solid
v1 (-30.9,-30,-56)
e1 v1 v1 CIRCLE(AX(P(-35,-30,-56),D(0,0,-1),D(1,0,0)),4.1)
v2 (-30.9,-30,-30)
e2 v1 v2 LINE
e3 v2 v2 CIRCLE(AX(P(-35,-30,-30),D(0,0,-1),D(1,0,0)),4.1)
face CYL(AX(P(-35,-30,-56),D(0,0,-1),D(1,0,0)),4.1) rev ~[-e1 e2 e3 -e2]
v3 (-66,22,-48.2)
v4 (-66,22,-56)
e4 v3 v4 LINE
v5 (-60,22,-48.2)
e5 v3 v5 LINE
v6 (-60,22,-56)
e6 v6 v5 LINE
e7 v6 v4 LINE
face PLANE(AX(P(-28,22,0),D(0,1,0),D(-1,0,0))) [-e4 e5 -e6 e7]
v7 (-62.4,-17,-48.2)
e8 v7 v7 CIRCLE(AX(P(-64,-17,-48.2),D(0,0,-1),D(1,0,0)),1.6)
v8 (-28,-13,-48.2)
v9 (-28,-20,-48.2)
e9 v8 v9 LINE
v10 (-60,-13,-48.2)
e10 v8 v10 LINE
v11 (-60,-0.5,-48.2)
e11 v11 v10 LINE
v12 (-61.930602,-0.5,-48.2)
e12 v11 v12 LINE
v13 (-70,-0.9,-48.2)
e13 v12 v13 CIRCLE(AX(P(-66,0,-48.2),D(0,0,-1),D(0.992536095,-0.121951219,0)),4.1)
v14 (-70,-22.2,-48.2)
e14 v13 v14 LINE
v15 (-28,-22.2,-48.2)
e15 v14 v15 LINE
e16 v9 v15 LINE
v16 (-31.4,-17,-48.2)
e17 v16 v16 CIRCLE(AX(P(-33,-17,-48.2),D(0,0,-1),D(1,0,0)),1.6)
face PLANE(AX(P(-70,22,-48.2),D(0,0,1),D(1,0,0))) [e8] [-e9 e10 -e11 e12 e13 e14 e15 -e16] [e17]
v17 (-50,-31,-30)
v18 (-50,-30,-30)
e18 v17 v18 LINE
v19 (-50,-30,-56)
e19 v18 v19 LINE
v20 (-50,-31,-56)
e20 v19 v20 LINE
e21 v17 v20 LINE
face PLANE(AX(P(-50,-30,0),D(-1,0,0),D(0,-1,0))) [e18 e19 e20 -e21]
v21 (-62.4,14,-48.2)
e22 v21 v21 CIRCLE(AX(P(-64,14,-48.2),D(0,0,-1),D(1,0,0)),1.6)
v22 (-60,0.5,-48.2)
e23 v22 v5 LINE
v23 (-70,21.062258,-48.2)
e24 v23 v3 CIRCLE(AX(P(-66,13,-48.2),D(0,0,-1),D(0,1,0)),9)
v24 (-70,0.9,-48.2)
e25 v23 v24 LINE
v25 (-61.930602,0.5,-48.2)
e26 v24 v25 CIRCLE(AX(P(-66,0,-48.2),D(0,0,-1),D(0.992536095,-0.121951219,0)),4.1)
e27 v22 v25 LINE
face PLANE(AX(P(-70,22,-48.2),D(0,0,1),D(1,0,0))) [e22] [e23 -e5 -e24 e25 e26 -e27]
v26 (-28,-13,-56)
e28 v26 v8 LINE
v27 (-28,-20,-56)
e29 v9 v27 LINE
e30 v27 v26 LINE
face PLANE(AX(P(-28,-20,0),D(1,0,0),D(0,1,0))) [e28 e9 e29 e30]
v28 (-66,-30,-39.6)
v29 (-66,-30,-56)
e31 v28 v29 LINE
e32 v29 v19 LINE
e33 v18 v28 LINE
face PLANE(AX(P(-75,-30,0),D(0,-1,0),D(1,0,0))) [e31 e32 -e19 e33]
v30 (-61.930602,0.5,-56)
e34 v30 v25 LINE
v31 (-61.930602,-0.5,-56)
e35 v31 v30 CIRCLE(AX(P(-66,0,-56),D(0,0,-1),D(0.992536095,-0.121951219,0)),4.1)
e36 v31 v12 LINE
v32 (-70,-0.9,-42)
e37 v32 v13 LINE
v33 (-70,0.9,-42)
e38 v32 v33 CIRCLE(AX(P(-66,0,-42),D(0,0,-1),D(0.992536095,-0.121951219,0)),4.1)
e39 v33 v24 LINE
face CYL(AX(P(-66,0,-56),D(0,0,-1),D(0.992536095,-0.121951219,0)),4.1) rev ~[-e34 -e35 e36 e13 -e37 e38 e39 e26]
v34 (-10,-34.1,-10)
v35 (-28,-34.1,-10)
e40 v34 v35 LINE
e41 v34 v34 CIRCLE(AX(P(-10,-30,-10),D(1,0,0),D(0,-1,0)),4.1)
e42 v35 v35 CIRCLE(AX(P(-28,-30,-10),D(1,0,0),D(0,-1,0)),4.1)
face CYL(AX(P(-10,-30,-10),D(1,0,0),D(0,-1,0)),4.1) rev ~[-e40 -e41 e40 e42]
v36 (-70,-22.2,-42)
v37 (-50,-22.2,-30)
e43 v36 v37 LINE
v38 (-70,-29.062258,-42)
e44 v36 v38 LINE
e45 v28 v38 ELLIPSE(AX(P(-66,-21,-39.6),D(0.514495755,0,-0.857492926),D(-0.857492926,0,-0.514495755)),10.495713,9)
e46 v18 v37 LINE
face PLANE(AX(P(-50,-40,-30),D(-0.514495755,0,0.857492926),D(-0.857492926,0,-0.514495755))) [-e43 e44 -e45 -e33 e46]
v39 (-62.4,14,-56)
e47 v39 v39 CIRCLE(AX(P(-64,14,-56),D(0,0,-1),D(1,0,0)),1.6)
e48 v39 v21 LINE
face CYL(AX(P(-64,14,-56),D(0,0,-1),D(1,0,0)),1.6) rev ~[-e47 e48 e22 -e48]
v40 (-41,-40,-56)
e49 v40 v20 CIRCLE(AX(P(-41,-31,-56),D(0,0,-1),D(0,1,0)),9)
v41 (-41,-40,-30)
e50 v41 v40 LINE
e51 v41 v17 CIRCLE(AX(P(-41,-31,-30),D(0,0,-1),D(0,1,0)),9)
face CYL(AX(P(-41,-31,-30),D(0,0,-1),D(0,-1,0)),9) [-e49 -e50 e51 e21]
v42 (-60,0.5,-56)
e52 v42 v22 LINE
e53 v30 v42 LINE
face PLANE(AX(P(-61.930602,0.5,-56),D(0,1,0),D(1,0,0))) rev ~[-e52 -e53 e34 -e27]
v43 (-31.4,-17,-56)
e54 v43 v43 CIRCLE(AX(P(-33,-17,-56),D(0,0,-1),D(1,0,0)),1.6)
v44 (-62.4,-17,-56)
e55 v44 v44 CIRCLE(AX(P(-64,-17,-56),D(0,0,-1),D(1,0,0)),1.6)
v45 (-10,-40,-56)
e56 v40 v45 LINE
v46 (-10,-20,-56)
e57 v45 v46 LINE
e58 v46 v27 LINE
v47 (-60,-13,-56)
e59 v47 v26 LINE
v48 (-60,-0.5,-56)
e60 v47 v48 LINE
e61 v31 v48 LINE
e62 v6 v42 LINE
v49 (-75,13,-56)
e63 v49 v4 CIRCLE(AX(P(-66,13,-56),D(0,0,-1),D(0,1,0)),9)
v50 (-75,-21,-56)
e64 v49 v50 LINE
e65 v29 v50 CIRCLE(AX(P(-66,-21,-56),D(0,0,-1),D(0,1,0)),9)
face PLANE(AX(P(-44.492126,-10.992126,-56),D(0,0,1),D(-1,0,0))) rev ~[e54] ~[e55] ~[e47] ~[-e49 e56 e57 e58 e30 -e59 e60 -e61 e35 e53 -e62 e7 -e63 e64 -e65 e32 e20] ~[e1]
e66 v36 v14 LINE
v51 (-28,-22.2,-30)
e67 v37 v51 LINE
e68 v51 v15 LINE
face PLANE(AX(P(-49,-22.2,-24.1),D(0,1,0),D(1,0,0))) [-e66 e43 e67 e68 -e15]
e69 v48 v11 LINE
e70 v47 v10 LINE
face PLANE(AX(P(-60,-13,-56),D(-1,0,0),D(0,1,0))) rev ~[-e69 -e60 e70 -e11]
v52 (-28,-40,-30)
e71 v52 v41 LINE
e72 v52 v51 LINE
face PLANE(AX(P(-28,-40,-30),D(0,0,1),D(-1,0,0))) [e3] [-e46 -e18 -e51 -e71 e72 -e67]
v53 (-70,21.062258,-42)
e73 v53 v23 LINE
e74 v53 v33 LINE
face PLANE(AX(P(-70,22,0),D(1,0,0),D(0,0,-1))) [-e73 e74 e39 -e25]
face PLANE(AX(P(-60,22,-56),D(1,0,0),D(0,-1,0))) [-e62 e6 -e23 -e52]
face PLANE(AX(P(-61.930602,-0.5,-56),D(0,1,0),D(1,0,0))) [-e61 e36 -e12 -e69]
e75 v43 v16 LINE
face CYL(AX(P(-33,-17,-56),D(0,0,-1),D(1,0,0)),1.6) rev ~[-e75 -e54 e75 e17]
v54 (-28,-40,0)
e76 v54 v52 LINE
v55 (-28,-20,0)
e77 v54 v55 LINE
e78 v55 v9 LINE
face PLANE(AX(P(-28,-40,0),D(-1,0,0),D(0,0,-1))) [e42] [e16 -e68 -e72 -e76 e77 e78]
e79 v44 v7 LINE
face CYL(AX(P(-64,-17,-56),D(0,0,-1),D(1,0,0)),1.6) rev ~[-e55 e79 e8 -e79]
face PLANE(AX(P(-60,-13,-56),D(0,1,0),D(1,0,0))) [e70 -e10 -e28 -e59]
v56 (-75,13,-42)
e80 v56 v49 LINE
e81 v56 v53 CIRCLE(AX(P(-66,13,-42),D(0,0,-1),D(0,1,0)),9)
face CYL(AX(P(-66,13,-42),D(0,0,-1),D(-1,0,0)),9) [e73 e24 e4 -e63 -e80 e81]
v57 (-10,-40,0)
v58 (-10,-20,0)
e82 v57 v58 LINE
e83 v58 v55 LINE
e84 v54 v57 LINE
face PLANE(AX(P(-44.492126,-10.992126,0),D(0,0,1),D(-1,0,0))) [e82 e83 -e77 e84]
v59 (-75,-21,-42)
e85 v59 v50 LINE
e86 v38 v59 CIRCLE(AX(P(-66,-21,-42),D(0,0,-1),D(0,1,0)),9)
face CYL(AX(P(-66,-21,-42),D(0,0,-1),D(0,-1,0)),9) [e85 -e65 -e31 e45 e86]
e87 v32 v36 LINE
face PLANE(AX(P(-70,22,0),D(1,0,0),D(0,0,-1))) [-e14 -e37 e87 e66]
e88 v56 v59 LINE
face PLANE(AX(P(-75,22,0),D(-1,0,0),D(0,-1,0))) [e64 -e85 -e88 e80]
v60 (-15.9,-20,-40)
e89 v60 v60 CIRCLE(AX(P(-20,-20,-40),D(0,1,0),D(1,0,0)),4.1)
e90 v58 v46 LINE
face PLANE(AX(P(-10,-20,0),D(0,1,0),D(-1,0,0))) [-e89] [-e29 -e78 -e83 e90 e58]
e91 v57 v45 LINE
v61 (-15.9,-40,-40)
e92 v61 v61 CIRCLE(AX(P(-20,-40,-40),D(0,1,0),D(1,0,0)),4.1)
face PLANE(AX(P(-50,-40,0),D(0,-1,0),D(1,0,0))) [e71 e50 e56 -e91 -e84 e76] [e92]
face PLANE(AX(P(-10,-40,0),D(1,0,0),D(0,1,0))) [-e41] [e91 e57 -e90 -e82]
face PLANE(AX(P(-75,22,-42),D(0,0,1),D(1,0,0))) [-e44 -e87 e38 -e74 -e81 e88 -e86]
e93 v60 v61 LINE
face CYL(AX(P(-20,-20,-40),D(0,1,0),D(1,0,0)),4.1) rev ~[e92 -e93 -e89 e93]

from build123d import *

# Parameters (mm, degrees)
PAD_DEPTH       = 56
SKETCH001_W     = 42
SKETCH001_H     = 48.2
POCKET_DEPTH    = 44.2
SKETCH002_R     = 1.6
SKETCH002_R_2   = 4.1
POCKET001_DEPTH = 56.001
SKETCH003_R     = 4.1
POCKET002_DEPTH = 20.001
SKETCH004_W     = 5
SKETCH004_H     = 42
POCKET003_DEPTH = 62.001
POCKET004_DEPTH = 62.001
SKETCH006_R     = 4.1
POCKET005_DEPTH = 65.001
FILLET_R        = 9


with BuildPart() as part:
    # Sketch → Pad (new body)
    with BuildSketch(Plane(origin=(0, 0, 0), x_dir=(1, 0, 0), z_dir=(0, 0, -1))):
        Polygon((-50, 40), (-10, 40), (-10, 20), (-28, 20), (-28, -22), (-75, -22), (-75, 30), (-50, 30), align=None)
    extrude(amount=PAD_DEPTH)

    # Sketch001 → Pocket (cut)
    with BuildSketch(Plane(origin=(0, 22, 0), x_dir=(1, 0, 0), z_dir=(0, 1, 0))):
        with Locations((-49, 24.1)):
            Rectangle(SKETCH001_W, SKETCH001_H)
    extrude(amount=-POCKET_DEPTH, mode=Mode.SUBTRACT)

    # Sketch002 → Pocket001 (cut, through all)
    with BuildSketch(Plane(origin=(0, 0, -56), x_dir=(1, 0, 0), z_dir=(0, 0, -1))):
        with Locations((-33, 17)):
            Circle(SKETCH002_R)
        with Locations((-64, 17)):
            Circle(SKETCH002_R)
        with Locations((-64, -14)):
            Circle(SKETCH002_R)
        with Locations((-35, 30)):
            Circle(SKETCH002_R_2)
        with BuildLine():
            Line((-60, 13), (-28, 13))
            Line((-28, 13), (-28, -22))
            Line((-60, -22), (-28, -22))
            Line((-60, -22), (-60, -0.5))
            Line((-61.930602, -0.5), (-60, -0.5))
            ThreePointArc((-61.930602, 0.5), (-70.1, 0), (-61.930602, -0.5))
            Line((-61.930602, 0.5), (-60, 0.5))
            Line((-60, 13), (-60, 0.5))
        make_face()
    extrude(amount=-POCKET001_DEPTH, mode=Mode.SUBTRACT)

    # Sketch003 → Pocket002 (cut, through all)
    with BuildSketch(Plane(origin=(0, -20, 0), x_dir=(1, 0, 0), z_dir=(0, 1, 0))):
        with Locations((-20, 40)):
            Circle(SKETCH003_R)
    extrude(amount=-POCKET002_DEPTH, mode=Mode.SUBTRACT)

    # Sketch004 → Pocket003 (cut, through all)
    with BuildSketch(Plane(origin=(0, 22, 0), x_dir=(1, 0, 0), z_dir=(0, 1, 0))):
        with Locations((-72.5, 21)):
            Rectangle(SKETCH004_W, SKETCH004_H)
    extrude(amount=-POCKET003_DEPTH, mode=Mode.SUBTRACT)

    # Sketch005 → Pocket004 (cut, through all)
    with BuildSketch(Plane(origin=(0, -40, 0), x_dir=(-1, 0, 0), z_dir=(0, -1, 0))):
        Polygon((28, 0), (28, 30), (50, 30), (70, 42), (70, 0), align=None)
    extrude(amount=-POCKET004_DEPTH, mode=Mode.SUBTRACT)

    # Sketch006 → Pocket005 (cut, through all)
    with BuildSketch(Plane(origin=(-10, 0, 0), x_dir=(0, -1, 0), z_dir=(1, 0, 0))):
        with Locations((30, 10)):
            Circle(SKETCH006_R)
    extrude(amount=-POCKET005_DEPTH, mode=Mode.SUBTRACT)

    # Fillet
    fillet_edges = [part.edges().sort_by_distance(p)[0] for p in [
        (-75, 22, -49),
        (-75, -30, -49),
        (-50, -40, -43),
    ]]
    fillet(fillet_edges, radius=FILLET_R)


solid = part.part
